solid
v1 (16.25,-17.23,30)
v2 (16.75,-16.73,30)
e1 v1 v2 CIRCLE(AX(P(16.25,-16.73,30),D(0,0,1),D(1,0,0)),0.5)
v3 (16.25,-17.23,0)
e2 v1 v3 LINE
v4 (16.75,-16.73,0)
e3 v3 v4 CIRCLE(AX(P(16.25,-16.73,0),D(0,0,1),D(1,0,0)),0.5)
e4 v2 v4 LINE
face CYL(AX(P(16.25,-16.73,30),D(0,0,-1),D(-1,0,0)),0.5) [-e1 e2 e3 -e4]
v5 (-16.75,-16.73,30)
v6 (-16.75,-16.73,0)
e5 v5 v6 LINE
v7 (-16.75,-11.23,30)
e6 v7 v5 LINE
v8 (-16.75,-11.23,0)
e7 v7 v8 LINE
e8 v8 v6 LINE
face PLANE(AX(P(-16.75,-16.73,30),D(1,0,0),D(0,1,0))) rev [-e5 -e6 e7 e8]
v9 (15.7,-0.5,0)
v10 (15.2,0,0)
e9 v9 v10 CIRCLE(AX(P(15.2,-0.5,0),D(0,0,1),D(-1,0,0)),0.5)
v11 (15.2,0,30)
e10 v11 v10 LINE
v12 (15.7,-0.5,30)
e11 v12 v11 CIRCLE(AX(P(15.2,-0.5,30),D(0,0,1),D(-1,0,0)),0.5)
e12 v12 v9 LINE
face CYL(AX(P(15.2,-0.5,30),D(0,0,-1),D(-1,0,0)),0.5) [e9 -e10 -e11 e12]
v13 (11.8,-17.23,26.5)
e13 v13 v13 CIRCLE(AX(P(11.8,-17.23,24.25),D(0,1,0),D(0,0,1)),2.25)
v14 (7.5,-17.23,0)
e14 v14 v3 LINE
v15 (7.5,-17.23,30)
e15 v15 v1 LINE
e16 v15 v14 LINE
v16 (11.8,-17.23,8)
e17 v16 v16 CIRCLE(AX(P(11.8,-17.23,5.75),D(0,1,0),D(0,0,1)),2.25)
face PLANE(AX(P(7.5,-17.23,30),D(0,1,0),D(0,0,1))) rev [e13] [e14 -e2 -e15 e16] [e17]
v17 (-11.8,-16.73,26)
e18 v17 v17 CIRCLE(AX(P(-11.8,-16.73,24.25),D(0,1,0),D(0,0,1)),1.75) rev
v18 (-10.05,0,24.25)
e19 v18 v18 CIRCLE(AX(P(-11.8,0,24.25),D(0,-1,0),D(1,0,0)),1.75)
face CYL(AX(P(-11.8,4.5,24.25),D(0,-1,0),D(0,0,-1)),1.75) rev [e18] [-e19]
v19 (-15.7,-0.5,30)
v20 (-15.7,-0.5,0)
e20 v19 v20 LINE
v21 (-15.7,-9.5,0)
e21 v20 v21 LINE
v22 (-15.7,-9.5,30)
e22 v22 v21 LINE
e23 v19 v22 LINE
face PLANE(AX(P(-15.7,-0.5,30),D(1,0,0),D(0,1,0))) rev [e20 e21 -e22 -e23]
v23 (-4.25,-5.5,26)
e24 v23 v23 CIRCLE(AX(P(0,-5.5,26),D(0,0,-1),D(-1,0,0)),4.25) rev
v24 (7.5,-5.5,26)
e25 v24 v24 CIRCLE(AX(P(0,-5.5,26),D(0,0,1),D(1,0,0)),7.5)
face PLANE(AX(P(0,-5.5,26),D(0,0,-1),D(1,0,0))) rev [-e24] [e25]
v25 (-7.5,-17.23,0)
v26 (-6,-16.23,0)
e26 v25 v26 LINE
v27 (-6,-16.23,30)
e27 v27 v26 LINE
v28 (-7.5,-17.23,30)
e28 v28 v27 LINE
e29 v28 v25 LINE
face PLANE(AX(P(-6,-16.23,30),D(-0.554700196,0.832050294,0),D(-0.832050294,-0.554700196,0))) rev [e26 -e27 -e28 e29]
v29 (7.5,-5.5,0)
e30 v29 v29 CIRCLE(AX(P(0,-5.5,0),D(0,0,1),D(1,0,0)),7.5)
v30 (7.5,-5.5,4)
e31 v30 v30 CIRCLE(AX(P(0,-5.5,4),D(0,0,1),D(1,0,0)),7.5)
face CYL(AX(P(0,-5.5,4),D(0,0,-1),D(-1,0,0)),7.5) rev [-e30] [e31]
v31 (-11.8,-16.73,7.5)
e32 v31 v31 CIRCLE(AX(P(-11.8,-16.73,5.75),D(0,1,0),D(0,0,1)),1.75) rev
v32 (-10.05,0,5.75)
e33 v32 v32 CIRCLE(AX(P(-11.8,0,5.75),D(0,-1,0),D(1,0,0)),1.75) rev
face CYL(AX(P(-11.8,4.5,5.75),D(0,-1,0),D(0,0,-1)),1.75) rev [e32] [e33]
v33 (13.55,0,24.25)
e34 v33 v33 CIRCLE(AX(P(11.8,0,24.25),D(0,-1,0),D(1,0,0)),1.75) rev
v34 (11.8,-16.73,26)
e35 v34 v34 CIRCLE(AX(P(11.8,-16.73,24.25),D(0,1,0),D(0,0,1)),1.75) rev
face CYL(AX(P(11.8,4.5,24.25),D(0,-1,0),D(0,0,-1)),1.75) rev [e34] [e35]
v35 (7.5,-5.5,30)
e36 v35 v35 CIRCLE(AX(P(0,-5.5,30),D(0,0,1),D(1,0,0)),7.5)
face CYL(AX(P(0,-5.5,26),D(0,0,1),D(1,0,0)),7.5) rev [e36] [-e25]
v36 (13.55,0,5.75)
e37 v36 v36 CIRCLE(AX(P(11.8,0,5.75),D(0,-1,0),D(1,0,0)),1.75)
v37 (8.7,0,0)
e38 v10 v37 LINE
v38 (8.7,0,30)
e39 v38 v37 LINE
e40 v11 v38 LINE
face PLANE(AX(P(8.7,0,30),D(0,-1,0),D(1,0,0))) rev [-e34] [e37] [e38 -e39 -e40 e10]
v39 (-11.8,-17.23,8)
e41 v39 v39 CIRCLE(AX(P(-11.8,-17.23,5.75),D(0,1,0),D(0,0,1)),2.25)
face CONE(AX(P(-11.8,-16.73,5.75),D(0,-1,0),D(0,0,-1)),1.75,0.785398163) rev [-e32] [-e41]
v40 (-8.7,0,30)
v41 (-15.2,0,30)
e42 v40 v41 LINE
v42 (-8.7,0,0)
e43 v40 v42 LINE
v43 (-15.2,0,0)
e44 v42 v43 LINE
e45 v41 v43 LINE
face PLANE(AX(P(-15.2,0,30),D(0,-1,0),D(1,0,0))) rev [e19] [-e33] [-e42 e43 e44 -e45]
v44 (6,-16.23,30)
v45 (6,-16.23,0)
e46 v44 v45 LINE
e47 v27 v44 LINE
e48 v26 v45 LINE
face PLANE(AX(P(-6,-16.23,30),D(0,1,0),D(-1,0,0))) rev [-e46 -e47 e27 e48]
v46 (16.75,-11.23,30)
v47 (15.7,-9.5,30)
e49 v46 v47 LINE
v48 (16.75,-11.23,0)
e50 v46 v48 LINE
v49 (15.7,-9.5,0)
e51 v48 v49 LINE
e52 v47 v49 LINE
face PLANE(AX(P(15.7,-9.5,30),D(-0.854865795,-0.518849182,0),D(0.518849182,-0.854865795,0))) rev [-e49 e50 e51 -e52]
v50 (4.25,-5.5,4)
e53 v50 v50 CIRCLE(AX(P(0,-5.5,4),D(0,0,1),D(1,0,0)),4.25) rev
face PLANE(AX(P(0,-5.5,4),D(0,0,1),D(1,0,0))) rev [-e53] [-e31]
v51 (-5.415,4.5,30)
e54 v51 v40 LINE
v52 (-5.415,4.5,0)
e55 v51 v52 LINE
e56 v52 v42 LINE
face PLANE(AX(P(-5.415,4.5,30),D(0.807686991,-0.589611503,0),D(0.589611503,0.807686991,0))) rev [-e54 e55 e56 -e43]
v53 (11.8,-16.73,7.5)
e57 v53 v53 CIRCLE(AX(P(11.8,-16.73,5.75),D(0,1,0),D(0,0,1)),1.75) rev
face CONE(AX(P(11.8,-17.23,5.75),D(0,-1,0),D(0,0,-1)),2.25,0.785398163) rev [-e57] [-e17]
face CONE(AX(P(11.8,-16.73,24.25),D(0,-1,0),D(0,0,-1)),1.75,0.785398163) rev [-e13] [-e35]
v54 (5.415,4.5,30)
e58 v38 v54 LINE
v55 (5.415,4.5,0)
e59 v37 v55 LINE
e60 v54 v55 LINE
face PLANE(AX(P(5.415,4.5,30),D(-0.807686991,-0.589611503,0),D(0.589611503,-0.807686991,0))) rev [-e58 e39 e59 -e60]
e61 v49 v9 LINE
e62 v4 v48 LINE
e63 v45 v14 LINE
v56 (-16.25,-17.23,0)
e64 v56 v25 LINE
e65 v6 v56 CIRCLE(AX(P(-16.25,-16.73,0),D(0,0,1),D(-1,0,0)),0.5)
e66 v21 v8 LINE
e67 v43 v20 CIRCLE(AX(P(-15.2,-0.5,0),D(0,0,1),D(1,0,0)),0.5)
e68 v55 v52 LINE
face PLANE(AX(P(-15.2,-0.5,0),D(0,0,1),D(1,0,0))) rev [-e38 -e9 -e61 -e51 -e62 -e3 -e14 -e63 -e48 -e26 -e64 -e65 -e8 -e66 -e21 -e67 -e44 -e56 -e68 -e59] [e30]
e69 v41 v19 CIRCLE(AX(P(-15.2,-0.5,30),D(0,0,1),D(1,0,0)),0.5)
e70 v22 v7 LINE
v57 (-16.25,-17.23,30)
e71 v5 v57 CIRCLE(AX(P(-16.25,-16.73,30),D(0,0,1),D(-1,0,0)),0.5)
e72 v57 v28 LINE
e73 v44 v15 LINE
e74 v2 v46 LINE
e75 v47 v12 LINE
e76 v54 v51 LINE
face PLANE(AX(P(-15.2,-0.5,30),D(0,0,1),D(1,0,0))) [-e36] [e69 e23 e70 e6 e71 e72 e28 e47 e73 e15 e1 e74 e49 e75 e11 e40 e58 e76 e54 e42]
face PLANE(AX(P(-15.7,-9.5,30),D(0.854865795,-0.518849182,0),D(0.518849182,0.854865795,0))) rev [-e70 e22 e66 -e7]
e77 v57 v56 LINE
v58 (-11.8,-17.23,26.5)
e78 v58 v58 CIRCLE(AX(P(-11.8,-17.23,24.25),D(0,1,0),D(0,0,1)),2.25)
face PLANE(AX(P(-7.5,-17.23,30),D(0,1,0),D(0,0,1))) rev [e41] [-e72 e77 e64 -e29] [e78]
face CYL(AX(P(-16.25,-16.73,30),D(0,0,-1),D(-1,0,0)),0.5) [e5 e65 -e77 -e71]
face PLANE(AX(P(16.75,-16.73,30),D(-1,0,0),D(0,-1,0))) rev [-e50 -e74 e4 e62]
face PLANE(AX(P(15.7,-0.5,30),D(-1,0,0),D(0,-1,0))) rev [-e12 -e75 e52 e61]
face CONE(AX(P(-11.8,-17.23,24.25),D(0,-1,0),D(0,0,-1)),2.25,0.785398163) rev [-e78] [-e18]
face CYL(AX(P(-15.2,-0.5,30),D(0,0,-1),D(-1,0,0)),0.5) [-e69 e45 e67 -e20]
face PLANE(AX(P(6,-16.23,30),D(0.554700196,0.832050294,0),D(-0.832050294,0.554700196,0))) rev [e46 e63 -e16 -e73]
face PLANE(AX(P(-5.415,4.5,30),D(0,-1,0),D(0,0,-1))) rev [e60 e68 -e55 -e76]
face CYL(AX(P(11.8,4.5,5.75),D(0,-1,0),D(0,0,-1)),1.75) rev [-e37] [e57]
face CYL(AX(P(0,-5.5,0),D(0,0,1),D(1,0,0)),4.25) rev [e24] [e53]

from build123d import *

# Parameters (mm, degrees)
SALIENTE_EXTRUIR1_DEPTH    = 30
CROQUIS2_R                 = 7.5
CORTAR_EXTRUIR1_DEPTH      = 4
CROQUIS3_R                 = 4.25
CORTAR_EXTRUIR2_DEPTH      = 16
CORTAR_EXTRUIR2_DEPTH_BACK = 16
CROQUIS5_R                 = 1.75
CORTAR_EXTRUIR3_DEPTH      = 1
CORTAR_EXTRUIR3_DEPTH_BACK = 22.73
CHAFL_N1_SIZE              = 0.5


with BuildPart() as part:
    # Croquis1 → Saliente-Extruir1 (new body)
    with BuildSketch(Plane.XY):
        with BuildLine():
            Line((-15.2, 0), (-8.7, 0))
            Line((-8.7, 0), (-5.415, 4.5))
            Line((-5.415, 4.5), (5.415, 4.5))
            Line((5.415, 4.5), (8.7, 0))
            Line((8.7, 0), (15.2, 0))
            ThreePointArc((15.2, 0), (15.553553391, -0.146446609), (15.7, -0.5))
            Line((15.7, -0.5), (15.7, -9.5))
            Line((15.7, -9.5), (16.75, -11.23))
            Line((16.75, -11.23), (16.75, -16.73))
            ThreePointArc((16.75, -16.73), (16.603553391, -17.083553391), (16.25, -17.23))
            Line((16.25, -17.23), (7.5, -17.23))
            Line((7.5, -17.23), (6, -16.23))
            Line((6, -16.23), (-6, -16.23))
            Line((-6, -16.23), (-7.5, -17.23))
            Line((-7.5, -17.23), (-16.25, -17.23))
            ThreePointArc((-16.25, -17.23), (-16.603553391, -17.083553391), (-16.75, -16.73))
            Line((-16.75, -16.73), (-16.75, -11.23))
            Line((-16.75, -11.23), (-15.7, -9.5))
            Line((-15.7, -9.5), (-15.7, -0.5))
            ThreePointArc((-15.7, -0.5), (-15.553553391, -0.146446609), (-15.2, 0))
        make_face()
    extrude(amount=SALIENTE_EXTRUIR1_DEPTH)

    # Croquis2 → Cortar-Extruir1 (cut)
    with BuildSketch(Plane.XY):
        with Locations((0, -5.5)):
            Circle(CROQUIS2_R)
    cortar_extruir1 = extrude(amount=CORTAR_EXTRUIR1_DEPTH, mode=Mode.SUBTRACT)

    # Simetría1: Cortar-Extruir1 across plane
    add(cortar_extruir1.mirror(Plane(origin=(0, 0, 15), x_dir=(1, 0, 0), z_dir=(0, 0, -1))), mode=Mode.SUBTRACT)

    # Croquis3 → Cortar-Extruir2 (cut, two sides)
    with BuildSketch(Plane(origin=(0, 0, 15), x_dir=(-1, 0, 0), z_dir=(0, 0, -1))) as cortar_extruir2_sk:
        with Locations((0, -5.5)):
            Circle(CROQUIS3_R)
    extrude(amount=CORTAR_EXTRUIR2_DEPTH, mode=Mode.SUBTRACT)
    extrude(cortar_extruir2_sk.sketch, amount=-CORTAR_EXTRUIR2_DEPTH_BACK, mode=Mode.SUBTRACT)

    # Croquis5 → Cortar-Extruir3 (cut, two sides)
    with BuildSketch(Plane.XZ.offset(17.23)) as cortar_extruir3_sk:
        with Locations((-11.8, 24.25)):
            Circle(CROQUIS5_R)
        with Locations((11.8, 24.25)):
            Circle(CROQUIS5_R)
        with Locations((11.8, 5.75)):
            Circle(CROQUIS5_R)
        with Locations((-11.8, 5.75)):
            Circle(CROQUIS5_R)
    extrude(amount=CORTAR_EXTRUIR3_DEPTH, mode=Mode.SUBTRACT)
    extrude(cortar_extruir3_sk.sketch, amount=-CORTAR_EXTRUIR3_DEPTH_BACK, mode=Mode.SUBTRACT)

    # Chaflán1
    chafl_n1_edges = [part.edges().sort_by_distance(p)[0] for p in [
        (-13.55, -17.23, 5.75),
        (10.05, -17.23, 5.75),
        (10.05, -17.23, 24.25),
        (-13.55, -17.23, 24.25),
    ]]
    chamfer(chafl_n1_edges, length=CHAFL_N1_SIZE)


solid = part.part
